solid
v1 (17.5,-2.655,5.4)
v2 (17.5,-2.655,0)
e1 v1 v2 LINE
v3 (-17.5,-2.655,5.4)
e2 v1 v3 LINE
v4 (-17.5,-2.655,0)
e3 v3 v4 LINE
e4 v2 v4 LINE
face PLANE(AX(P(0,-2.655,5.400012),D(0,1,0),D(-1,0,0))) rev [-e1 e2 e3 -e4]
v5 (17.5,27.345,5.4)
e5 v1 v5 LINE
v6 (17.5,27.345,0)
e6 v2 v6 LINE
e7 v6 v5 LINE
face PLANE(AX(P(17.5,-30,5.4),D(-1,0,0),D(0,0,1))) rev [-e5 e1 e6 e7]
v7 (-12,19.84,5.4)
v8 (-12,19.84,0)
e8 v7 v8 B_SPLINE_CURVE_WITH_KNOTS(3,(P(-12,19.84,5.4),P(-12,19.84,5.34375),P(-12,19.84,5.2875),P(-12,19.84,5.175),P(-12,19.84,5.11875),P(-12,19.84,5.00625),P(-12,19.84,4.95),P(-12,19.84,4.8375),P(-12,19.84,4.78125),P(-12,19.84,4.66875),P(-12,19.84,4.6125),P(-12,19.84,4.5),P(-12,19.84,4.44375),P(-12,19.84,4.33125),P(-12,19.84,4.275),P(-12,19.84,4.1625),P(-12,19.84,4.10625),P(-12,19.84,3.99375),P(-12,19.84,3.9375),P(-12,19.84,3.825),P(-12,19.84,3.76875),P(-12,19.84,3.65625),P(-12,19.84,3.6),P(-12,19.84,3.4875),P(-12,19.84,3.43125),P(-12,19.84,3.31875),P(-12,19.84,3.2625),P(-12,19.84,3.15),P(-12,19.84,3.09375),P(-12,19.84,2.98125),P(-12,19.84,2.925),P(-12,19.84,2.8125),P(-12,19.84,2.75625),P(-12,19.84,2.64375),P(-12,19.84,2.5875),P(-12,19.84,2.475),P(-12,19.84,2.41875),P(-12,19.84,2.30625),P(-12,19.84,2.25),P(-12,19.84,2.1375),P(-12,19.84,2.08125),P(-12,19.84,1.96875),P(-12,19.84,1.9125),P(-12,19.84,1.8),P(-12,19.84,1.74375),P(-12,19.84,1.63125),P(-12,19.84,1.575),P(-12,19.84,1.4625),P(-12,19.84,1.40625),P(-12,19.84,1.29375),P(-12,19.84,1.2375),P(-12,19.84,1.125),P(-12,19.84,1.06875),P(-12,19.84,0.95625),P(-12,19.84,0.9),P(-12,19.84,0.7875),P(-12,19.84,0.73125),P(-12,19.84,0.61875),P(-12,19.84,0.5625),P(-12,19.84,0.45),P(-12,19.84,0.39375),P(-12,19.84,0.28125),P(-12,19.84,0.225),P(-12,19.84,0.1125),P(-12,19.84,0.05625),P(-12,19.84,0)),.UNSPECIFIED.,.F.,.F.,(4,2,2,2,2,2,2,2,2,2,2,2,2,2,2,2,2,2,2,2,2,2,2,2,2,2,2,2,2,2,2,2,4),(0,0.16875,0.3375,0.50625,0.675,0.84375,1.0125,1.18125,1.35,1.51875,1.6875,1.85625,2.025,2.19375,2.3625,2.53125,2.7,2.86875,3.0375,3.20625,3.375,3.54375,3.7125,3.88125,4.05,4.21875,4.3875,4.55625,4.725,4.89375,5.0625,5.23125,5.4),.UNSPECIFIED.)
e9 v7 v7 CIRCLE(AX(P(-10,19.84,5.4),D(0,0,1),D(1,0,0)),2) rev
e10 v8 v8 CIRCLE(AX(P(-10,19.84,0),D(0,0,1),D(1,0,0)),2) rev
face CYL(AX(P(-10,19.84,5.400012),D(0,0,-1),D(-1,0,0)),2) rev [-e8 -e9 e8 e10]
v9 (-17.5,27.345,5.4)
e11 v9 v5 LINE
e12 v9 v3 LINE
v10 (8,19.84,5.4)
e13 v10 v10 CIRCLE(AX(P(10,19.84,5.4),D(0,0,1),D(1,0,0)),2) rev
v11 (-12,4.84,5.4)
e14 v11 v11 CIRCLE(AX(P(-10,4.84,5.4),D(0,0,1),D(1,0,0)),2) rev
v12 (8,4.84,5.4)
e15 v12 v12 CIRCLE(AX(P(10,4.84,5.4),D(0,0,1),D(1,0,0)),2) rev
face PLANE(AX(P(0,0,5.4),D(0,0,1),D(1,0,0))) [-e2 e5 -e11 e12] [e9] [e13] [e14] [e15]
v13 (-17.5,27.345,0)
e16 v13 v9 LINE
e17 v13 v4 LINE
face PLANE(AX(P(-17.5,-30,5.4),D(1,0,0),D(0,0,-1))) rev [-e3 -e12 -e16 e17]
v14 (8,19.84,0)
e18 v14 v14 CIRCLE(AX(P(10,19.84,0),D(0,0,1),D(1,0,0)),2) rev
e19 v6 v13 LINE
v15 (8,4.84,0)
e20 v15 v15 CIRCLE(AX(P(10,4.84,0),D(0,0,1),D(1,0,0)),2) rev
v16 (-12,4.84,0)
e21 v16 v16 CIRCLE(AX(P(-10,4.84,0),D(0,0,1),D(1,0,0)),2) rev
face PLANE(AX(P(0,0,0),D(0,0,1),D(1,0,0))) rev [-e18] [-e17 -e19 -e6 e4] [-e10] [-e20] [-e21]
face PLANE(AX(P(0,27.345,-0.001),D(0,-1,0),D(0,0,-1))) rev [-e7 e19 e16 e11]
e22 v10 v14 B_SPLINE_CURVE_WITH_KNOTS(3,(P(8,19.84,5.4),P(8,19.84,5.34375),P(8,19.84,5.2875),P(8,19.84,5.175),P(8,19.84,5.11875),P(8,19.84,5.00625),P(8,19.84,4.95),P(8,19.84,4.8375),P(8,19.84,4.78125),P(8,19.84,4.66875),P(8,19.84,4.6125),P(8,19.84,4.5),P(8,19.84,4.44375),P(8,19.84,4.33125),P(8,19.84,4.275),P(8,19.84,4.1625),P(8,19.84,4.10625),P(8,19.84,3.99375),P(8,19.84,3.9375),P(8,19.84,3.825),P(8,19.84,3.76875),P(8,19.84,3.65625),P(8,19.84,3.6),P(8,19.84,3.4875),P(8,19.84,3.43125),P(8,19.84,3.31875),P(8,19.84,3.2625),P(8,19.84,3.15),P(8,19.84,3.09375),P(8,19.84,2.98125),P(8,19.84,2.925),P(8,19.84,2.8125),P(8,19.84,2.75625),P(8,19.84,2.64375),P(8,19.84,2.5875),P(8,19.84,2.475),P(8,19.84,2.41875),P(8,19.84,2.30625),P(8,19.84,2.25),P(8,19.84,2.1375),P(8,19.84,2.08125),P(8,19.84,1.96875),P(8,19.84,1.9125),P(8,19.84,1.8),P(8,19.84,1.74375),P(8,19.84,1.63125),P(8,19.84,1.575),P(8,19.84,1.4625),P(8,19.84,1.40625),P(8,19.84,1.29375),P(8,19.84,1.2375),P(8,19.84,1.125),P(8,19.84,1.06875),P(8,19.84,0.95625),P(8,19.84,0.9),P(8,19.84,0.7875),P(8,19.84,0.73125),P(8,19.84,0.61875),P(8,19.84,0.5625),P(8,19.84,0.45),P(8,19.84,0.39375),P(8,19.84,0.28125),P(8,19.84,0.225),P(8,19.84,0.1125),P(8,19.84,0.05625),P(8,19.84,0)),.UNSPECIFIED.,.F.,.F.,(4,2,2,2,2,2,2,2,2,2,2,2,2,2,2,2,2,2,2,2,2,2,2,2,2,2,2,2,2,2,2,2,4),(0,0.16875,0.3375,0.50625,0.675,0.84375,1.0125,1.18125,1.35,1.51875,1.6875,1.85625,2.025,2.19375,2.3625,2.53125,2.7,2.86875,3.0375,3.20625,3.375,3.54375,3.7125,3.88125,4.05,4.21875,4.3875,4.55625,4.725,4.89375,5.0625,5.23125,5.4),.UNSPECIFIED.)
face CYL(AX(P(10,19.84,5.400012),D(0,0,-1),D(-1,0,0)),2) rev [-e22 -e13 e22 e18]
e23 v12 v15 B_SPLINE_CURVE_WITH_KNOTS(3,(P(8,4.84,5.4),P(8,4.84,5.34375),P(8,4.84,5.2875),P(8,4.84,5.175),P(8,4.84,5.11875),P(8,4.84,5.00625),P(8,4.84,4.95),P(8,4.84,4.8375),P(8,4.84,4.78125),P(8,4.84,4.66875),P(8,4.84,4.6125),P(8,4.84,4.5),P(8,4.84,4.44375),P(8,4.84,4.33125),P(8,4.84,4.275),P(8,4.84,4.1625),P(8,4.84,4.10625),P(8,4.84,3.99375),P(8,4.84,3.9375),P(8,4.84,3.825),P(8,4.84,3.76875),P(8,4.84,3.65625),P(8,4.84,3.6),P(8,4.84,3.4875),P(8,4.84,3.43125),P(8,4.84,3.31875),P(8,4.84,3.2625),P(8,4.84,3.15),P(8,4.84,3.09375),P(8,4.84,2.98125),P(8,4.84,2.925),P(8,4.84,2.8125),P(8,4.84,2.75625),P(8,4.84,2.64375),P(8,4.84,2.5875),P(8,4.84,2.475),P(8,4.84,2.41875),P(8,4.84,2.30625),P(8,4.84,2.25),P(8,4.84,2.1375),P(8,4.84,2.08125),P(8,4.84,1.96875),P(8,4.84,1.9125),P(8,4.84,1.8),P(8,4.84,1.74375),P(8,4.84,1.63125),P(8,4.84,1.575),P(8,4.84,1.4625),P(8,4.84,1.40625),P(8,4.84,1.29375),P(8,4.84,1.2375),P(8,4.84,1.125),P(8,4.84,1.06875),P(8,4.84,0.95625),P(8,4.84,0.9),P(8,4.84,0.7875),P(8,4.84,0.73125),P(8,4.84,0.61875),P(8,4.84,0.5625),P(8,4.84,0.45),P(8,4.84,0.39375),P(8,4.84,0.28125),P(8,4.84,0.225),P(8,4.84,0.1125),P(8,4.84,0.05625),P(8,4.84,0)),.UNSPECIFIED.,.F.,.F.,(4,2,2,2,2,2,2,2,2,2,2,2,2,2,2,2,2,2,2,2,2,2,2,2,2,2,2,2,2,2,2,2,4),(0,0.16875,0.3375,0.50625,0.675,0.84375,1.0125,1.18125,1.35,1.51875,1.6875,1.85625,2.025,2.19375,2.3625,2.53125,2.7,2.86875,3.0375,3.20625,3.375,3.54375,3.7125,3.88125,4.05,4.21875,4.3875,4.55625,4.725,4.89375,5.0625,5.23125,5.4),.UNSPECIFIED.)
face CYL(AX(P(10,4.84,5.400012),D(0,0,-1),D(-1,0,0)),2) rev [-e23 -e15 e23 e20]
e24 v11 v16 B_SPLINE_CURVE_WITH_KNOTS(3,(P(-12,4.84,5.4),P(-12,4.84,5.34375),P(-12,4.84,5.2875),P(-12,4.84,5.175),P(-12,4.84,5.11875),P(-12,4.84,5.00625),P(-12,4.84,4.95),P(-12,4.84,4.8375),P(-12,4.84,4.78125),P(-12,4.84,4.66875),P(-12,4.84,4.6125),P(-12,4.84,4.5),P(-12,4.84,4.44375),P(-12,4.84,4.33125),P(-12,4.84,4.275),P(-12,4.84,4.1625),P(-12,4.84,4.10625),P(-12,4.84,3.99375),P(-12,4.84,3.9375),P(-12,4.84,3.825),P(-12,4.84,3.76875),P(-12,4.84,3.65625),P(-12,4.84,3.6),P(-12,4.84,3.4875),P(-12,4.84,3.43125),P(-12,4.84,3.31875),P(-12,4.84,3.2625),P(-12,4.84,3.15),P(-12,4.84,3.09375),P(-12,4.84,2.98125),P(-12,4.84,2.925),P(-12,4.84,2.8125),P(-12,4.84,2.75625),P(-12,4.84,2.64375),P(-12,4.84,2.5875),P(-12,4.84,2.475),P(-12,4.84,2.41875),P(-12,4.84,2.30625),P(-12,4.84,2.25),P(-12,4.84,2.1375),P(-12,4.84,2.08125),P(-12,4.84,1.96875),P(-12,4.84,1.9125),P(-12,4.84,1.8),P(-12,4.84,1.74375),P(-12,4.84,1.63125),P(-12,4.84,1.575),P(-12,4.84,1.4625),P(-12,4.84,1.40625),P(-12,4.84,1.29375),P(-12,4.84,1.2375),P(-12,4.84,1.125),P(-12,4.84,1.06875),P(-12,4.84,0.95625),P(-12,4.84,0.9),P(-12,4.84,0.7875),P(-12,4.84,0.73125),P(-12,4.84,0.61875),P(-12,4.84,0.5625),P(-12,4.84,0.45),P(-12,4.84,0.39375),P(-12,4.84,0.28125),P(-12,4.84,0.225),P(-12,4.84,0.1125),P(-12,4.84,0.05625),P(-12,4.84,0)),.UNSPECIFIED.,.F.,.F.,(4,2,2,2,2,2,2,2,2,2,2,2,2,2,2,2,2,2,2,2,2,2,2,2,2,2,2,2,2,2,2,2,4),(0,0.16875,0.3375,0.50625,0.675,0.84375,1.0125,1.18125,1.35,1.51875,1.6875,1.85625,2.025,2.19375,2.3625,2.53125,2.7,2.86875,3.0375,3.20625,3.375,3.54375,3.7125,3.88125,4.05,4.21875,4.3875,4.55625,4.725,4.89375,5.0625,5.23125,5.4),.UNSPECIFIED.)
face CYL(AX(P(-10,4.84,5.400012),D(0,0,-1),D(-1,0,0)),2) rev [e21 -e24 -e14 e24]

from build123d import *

# Parameters (mm, degrees)
SKETCH1_W                      = 35
SKETCH1_H                      = 60
BOSS_EXTRUDE1_DEPTH            = 5.4
CUT_EXTRUDE1_REACH             = 37.148
SKETCH2_W                      = 35
SKETCH2_H                      = 2.655
SKETCH2_R                      = 2
SKETCH2_H_2                    = 17.637243623
SKETCH2_H_3                    = 9.707756377
CUT_EXTRUDE1_DIRECTION_2_DEPTH = 36.148399679


with BuildPart() as part:
    # Sketch1 → Boss-Extrude1 (new body)
    with BuildSketch(Plane.XY):
        Rectangle(SKETCH1_W, SKETCH1_H)
    extrude(amount=BOSS_EXTRUDE1_DEPTH)

    # Sketch2 → Cut-Extrude1 (cut, up to next)
    with BuildSketch(Plane.XY.offset(5.4), mode=Mode.PRIVATE) as cut_extrude1_sk1:
        with Locations((0, 28.6725)):
            Rectangle(SKETCH2_W, SKETCH2_H)
    cut_extrude1_tool1 = extrude(cut_extrude1_sk1.sketch, amount=-CUT_EXTRUDE1_REACH, mode=Mode.PRIVATE) & part.part
    # Sketch2 → Cut-Extrude1 (cut, up to next)
    with BuildSketch(Plane.XY.offset(5.4), mode=Mode.PRIVATE) as cut_extrude1_sk2:
        with Locations(Location((-10, 19.84, 0), (0, 0, 180))):
            Circle(SKETCH2_R)
    cut_extrude1_tool2 = extrude(cut_extrude1_sk2.sketch, amount=-CUT_EXTRUDE1_REACH, mode=Mode.PRIVATE) & part.part
    # Sketch2 → Cut-Extrude1 (cut, up to next)
    with BuildSketch(Plane.XY.offset(5.4), mode=Mode.PRIVATE) as cut_extrude1_sk3:
        with Locations(Location((10, 19.84, 0), (0, 0, 180))):
            Circle(SKETCH2_R)
    cut_extrude1_tool3 = extrude(cut_extrude1_sk3.sketch, amount=-CUT_EXTRUDE1_REACH, mode=Mode.PRIVATE) & part.part
    # Sketch2 → Cut-Extrude1 (cut, up to next)
    with BuildSketch(Plane.XY.offset(5.4), mode=Mode.PRIVATE) as cut_extrude1_sk4:
        with Locations(Location((-10, 4.84, 0), (0, 0, 180))):
            Circle(SKETCH2_R)
    cut_extrude1_tool4 = extrude(cut_extrude1_sk4.sketch, amount=-CUT_EXTRUDE1_REACH, mode=Mode.PRIVATE) & part.part
    # Sketch2 → Cut-Extrude1 (cut, up to next)
    with BuildSketch(Plane.XY.offset(5.4), mode=Mode.PRIVATE) as cut_extrude1_sk5:
        with Locations(Location((10, 4.84, 0), (0, 0, 180))):
            Circle(SKETCH2_R)
    cut_extrude1_tool5 = extrude(cut_extrude1_sk5.sketch, amount=-CUT_EXTRUDE1_REACH, mode=Mode.PRIVATE) & part.part
    # Sketch2 → Cut-Extrude1 (cut, up to next)
    with BuildSketch(Plane.XY.offset(5.4), mode=Mode.PRIVATE) as cut_extrude1_sk6:
        with Locations((0, -11.473621812)):
            Rectangle(SKETCH2_W, SKETCH2_H_2)
    cut_extrude1_tool6 = extrude(cut_extrude1_sk6.sketch, amount=-CUT_EXTRUDE1_REACH, mode=Mode.PRIVATE) & part.part
    # Sketch2 → Cut-Extrude1 (cut, up to next)
    with BuildSketch(Plane.XY.offset(5.4), mode=Mode.PRIVATE) as cut_extrude1_sk7:
        with Locations((0, -25.146121812)):
            Rectangle(SKETCH2_W, SKETCH2_H_3)
    cut_extrude1_tool7 = extrude(cut_extrude1_sk7.sketch, amount=-CUT_EXTRUDE1_REACH, mode=Mode.PRIVATE) & part.part
    add(cut_extrude1_tool1.solids().sort_by_distance((0, 28.6725, 5.4))[0], mode=Mode.SUBTRACT)
    add(cut_extrude1_tool2.solids().sort_by_distance((-10, 19.84, 5.4))[0], mode=Mode.SUBTRACT)
    add(cut_extrude1_tool3.solids().sort_by_distance((10, 19.84, 5.4))[0], mode=Mode.SUBTRACT)
    add(cut_extrude1_tool4.solids().sort_by_distance((-10, 4.84, 5.4))[0], mode=Mode.SUBTRACT)
    add(cut_extrude1_tool5.solids().sort_by_distance((10, 4.84, 5.4))[0], mode=Mode.SUBTRACT)
    add(cut_extrude1_tool6.solids().sort_by_distance((0, -11.473622, 5.4))[0], mode=Mode.SUBTRACT)
    add(cut_extrude1_tool7.solids().sort_by_distance((0, -25.146122, 5.4))[0], mode=Mode.SUBTRACT)

    # Sketch2 → Cut-Extrude1 direction 2 (cut)
    with BuildSketch(Plane.XY.offset(5.4)):
        with Locations((0, 28.6725)):
            Rectangle(SKETCH2_W, SKETCH2_H)
        with Locations(Location((-10, 19.84, 0), (0, 0, 180))):
            Circle(SKETCH2_R)
        with Locations(Location((10, 19.84, 0), (0, 0, 180))):
            Circle(SKETCH2_R)
        with Locations(Location((-10, 4.84, 0), (0, 0, 180))):
            Circle(SKETCH2_R)
        with Locations(Location((10, 4.84, 0), (0, 0, 180))):
            Circle(SKETCH2_R)
        with Locations((0, -11.473621812)):
            Rectangle(SKETCH2_W, SKETCH2_H_2)
        with Locations((0, -25.146121812)):
            Rectangle(SKETCH2_W, SKETCH2_H_3)
    extrude(amount=CUT_EXTRUDE1_DIRECTION_2_DEPTH, mode=Mode.SUBTRACT)


solid = part.part
